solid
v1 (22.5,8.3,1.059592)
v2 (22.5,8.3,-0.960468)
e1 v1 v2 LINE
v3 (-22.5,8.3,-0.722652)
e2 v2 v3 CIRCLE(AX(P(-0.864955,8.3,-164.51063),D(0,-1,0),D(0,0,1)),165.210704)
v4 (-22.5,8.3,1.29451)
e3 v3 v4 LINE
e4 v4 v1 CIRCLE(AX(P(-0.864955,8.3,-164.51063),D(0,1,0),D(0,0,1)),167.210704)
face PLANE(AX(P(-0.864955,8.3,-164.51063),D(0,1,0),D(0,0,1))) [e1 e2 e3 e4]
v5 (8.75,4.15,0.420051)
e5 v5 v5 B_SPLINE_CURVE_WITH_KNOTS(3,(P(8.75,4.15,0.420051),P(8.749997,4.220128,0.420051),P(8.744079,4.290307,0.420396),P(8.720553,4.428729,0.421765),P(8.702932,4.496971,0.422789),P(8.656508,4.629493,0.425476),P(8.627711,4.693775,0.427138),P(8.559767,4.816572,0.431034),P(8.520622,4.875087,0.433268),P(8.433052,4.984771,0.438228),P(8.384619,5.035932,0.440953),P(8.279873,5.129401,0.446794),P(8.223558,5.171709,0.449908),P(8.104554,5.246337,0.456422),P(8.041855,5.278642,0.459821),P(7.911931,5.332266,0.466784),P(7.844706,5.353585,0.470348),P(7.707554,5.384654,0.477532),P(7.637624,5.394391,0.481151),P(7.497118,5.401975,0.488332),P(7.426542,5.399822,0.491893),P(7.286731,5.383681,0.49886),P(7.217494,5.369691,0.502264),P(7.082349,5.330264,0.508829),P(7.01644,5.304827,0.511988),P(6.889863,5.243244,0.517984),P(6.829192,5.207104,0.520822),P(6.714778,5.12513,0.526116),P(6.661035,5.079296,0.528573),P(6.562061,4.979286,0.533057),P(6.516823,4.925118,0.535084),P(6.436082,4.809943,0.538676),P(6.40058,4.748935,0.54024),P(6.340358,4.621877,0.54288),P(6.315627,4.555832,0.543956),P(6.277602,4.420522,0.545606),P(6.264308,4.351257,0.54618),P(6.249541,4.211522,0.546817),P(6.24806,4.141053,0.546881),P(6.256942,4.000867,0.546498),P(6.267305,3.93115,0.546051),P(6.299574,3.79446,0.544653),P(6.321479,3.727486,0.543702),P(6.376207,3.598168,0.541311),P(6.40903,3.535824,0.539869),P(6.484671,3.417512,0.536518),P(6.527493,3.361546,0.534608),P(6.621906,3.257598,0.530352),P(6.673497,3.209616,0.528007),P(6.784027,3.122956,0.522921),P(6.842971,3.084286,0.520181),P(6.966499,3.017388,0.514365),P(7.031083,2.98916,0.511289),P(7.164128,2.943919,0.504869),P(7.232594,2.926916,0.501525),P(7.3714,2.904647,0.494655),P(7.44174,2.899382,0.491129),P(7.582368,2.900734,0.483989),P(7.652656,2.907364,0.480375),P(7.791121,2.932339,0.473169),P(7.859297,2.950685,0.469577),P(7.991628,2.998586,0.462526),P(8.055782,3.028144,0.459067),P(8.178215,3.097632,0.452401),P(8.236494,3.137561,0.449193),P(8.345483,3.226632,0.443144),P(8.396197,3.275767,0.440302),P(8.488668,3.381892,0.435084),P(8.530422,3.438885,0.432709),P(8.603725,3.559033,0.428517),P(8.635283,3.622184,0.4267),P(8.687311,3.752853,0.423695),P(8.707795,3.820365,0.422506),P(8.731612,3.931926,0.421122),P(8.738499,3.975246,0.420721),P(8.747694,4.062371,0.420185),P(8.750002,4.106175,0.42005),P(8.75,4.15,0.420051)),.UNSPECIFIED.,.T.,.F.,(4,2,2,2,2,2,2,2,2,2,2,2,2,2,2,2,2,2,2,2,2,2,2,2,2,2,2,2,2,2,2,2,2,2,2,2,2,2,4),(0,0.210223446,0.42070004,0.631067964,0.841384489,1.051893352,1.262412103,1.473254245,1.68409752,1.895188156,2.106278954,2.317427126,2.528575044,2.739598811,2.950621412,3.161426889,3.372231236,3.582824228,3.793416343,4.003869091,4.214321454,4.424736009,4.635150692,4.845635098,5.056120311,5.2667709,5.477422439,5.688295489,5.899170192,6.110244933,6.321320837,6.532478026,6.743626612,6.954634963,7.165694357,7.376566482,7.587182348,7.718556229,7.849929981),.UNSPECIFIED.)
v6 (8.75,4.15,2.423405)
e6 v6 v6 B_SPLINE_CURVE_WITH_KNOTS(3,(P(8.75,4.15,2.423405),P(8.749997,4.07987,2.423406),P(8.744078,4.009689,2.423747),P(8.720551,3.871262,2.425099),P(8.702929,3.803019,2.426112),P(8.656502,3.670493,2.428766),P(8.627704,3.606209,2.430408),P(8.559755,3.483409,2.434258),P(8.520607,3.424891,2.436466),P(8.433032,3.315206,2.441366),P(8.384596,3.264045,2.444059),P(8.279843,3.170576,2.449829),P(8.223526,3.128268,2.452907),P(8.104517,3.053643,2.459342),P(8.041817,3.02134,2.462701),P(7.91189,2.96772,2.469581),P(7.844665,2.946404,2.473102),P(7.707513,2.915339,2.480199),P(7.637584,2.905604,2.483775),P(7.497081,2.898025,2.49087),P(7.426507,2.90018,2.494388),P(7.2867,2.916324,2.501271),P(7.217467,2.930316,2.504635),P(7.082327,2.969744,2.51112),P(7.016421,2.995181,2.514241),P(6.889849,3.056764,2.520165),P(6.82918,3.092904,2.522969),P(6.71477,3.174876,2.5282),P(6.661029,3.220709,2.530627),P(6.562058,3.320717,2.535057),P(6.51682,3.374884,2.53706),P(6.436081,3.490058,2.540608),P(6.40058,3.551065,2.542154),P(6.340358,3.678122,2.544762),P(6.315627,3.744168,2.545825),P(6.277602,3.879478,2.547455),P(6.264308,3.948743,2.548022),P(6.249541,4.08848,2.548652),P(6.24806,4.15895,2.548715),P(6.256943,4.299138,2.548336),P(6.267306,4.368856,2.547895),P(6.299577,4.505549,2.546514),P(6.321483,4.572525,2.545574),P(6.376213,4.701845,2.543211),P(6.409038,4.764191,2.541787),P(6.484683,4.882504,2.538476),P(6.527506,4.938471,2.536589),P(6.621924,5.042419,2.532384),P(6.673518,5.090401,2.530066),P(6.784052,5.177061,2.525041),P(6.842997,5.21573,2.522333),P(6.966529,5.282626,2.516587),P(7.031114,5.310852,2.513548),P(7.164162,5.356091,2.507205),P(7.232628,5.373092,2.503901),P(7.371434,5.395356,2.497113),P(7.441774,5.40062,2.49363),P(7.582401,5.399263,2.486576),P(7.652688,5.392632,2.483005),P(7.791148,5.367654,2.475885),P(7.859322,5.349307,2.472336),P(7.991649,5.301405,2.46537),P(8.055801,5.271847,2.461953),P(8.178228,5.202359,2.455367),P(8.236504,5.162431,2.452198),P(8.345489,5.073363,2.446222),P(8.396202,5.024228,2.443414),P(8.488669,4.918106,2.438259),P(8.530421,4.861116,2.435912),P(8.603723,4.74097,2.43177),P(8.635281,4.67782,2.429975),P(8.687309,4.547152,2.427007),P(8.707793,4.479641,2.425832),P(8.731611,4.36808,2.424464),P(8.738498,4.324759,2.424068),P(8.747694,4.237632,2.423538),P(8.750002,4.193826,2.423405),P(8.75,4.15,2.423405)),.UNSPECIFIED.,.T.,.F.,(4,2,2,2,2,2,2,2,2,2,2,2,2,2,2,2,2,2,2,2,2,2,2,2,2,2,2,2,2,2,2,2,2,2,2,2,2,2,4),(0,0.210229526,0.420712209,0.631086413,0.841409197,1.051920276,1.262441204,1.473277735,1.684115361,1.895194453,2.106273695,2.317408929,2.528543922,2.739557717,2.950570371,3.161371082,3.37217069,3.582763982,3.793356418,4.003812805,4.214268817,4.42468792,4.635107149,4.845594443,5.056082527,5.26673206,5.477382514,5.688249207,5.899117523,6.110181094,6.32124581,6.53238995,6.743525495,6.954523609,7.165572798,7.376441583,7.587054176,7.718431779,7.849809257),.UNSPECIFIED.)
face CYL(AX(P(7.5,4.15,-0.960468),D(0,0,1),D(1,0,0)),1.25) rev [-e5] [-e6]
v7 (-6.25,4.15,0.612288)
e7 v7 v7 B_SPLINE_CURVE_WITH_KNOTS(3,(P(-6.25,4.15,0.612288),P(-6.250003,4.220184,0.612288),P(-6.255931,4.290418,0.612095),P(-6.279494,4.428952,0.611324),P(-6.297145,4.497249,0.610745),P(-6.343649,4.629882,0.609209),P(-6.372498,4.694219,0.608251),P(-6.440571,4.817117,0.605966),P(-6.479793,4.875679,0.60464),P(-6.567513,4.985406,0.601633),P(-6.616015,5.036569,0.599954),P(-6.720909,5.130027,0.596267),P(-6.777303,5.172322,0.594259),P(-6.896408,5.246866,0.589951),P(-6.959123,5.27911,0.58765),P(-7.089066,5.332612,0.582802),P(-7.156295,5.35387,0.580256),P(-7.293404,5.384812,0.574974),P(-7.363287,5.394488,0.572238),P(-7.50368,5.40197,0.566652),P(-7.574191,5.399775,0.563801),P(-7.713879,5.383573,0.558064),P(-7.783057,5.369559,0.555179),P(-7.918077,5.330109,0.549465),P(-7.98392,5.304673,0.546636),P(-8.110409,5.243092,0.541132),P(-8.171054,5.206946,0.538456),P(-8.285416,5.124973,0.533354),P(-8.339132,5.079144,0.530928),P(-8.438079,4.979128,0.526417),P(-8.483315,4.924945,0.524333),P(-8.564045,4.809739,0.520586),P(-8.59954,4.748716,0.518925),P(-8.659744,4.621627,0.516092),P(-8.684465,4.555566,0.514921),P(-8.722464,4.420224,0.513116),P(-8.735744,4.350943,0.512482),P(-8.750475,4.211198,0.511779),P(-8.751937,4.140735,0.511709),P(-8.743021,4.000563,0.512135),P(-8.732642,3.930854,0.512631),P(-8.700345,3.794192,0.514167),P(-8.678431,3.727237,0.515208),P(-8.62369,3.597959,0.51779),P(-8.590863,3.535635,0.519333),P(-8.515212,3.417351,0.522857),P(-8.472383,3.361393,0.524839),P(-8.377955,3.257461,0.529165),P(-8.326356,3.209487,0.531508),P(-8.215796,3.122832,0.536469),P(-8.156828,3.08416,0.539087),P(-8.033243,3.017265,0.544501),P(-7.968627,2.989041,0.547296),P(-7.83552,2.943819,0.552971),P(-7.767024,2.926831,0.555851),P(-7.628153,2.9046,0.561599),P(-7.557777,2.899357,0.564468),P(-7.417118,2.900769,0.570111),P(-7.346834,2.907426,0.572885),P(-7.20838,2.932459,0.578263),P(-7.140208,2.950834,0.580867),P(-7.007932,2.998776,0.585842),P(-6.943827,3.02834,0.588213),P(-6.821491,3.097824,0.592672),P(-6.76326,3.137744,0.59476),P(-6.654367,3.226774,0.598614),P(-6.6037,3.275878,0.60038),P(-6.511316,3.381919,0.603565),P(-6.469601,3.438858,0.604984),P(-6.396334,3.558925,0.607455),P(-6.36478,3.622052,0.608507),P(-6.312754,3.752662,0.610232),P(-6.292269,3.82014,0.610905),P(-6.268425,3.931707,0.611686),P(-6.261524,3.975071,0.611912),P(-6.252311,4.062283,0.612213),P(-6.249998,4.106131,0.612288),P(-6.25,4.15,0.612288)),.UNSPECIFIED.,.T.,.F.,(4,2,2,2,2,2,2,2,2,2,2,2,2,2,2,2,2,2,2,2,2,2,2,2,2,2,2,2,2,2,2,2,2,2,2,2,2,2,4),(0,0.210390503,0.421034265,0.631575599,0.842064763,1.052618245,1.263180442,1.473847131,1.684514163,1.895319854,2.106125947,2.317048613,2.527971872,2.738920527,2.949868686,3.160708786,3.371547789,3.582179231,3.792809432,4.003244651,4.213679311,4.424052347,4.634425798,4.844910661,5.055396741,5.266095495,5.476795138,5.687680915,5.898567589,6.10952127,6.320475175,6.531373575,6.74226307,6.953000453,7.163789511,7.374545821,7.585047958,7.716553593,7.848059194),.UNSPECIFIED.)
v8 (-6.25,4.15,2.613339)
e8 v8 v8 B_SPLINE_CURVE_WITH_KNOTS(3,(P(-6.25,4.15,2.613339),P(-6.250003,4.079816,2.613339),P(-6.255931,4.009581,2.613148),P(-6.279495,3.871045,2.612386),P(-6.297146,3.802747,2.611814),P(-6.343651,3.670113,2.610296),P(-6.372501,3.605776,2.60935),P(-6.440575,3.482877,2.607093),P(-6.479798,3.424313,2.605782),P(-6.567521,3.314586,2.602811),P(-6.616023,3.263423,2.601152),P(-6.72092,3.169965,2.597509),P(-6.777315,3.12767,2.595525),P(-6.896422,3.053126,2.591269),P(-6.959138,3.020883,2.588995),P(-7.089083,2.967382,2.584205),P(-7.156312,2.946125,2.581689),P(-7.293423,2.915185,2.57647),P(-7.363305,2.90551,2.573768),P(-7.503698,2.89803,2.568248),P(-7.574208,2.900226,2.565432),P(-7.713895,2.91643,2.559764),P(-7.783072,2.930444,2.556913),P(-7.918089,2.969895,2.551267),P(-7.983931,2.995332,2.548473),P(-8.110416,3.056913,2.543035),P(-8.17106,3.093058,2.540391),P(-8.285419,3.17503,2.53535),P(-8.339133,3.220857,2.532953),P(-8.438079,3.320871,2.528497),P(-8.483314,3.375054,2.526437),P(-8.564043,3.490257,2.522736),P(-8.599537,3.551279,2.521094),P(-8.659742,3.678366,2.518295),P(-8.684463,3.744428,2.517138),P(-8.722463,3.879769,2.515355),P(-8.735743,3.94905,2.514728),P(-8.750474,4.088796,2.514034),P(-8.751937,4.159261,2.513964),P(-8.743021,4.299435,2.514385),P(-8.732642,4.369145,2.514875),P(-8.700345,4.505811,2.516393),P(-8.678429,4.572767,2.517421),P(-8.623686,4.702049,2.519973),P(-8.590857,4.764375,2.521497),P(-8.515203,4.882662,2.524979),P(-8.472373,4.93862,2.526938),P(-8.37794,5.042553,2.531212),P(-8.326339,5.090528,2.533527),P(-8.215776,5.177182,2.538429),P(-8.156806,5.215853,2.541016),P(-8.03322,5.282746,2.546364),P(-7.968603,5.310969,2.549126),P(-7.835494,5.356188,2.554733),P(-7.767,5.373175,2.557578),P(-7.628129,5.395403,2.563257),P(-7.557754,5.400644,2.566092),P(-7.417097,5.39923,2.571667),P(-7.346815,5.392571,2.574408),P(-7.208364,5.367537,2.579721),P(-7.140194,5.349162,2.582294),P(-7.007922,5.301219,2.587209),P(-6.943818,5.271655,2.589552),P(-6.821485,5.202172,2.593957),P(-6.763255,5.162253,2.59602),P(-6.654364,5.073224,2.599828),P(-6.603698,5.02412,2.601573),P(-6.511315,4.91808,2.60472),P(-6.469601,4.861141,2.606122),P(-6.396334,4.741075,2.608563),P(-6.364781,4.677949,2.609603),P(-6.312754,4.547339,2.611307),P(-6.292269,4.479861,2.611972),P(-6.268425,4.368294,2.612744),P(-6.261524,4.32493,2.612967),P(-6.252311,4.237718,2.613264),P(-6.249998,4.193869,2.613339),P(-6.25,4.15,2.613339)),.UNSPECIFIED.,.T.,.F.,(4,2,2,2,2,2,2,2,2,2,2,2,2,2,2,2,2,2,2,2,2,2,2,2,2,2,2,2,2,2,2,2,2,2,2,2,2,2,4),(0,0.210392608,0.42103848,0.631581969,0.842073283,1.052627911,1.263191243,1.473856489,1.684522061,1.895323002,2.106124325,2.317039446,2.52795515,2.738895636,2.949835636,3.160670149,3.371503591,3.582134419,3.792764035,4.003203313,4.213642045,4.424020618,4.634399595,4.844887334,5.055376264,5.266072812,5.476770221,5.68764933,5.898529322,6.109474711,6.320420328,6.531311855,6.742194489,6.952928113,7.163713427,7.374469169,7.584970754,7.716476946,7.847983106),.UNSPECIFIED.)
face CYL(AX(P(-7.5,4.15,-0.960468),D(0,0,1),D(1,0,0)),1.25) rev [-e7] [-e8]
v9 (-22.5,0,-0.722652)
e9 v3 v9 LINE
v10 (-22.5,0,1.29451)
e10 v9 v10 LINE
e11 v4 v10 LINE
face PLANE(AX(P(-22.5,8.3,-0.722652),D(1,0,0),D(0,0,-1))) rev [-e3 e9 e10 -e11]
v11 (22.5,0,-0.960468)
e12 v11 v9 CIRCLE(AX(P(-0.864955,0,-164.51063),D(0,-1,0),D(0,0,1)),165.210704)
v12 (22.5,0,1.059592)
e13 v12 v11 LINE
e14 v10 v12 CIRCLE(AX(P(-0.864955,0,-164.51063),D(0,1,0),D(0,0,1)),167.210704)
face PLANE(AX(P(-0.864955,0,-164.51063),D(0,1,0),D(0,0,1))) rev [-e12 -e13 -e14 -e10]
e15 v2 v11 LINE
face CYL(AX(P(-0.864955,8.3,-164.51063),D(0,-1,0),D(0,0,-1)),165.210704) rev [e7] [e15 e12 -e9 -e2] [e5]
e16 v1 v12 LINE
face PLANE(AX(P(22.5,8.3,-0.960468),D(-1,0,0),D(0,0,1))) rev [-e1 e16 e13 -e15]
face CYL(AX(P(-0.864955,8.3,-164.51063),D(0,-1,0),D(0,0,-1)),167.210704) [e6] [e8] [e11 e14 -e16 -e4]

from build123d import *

# Parameters (mm, degrees)
BOSS_EXTRUDE1_DEPTH     = 8.3
SKETCH2_R               = 1.25
CUT_EXTRUDE1_DEPTH      = 3.700074126
CUT_EXTRUDE1_DEPTH_BACK = 1.960467608


with BuildPart() as part:
    # Sketch1 → Boss-Extrude1 (new body)
    with BuildSketch(Plane(origin=(0, 0, 0), x_dir=(1, 0, 0), z_dir=(0, 1, 0))):
        with BuildLine():
            Line((22.5, 0.960467608), (22.5, -1.059592066))
            ThreePointArc((22.5, -1.059592066), (0.00793889, -2.697795715), (-22.5, -1.2945099))
            Line((-22.5, -1.2945099), (-22.5, 0.722652417))
            ThreePointArc((-22.5, 0.722652417), (0.008135008, -0.697767096), (22.5, 0.960467608))
        make_face()
    extrude(amount=BOSS_EXTRUDE1_DEPTH)

    # Sketch2 → Cut-Extrude1 (cut, two sides)
    with BuildSketch(Plane.XY) as cut_extrude1_sk:
        with Locations((7.5, 4.15)):
            Circle(SKETCH2_R)
        with Locations((-7.5, 4.15)):
            Circle(SKETCH2_R)
    extrude(amount=CUT_EXTRUDE1_DEPTH, mode=Mode.SUBTRACT)
    extrude(cut_extrude1_sk.sketch, amount=-CUT_EXTRUDE1_DEPTH_BACK, mode=Mode.SUBTRACT)


solid = part.part
